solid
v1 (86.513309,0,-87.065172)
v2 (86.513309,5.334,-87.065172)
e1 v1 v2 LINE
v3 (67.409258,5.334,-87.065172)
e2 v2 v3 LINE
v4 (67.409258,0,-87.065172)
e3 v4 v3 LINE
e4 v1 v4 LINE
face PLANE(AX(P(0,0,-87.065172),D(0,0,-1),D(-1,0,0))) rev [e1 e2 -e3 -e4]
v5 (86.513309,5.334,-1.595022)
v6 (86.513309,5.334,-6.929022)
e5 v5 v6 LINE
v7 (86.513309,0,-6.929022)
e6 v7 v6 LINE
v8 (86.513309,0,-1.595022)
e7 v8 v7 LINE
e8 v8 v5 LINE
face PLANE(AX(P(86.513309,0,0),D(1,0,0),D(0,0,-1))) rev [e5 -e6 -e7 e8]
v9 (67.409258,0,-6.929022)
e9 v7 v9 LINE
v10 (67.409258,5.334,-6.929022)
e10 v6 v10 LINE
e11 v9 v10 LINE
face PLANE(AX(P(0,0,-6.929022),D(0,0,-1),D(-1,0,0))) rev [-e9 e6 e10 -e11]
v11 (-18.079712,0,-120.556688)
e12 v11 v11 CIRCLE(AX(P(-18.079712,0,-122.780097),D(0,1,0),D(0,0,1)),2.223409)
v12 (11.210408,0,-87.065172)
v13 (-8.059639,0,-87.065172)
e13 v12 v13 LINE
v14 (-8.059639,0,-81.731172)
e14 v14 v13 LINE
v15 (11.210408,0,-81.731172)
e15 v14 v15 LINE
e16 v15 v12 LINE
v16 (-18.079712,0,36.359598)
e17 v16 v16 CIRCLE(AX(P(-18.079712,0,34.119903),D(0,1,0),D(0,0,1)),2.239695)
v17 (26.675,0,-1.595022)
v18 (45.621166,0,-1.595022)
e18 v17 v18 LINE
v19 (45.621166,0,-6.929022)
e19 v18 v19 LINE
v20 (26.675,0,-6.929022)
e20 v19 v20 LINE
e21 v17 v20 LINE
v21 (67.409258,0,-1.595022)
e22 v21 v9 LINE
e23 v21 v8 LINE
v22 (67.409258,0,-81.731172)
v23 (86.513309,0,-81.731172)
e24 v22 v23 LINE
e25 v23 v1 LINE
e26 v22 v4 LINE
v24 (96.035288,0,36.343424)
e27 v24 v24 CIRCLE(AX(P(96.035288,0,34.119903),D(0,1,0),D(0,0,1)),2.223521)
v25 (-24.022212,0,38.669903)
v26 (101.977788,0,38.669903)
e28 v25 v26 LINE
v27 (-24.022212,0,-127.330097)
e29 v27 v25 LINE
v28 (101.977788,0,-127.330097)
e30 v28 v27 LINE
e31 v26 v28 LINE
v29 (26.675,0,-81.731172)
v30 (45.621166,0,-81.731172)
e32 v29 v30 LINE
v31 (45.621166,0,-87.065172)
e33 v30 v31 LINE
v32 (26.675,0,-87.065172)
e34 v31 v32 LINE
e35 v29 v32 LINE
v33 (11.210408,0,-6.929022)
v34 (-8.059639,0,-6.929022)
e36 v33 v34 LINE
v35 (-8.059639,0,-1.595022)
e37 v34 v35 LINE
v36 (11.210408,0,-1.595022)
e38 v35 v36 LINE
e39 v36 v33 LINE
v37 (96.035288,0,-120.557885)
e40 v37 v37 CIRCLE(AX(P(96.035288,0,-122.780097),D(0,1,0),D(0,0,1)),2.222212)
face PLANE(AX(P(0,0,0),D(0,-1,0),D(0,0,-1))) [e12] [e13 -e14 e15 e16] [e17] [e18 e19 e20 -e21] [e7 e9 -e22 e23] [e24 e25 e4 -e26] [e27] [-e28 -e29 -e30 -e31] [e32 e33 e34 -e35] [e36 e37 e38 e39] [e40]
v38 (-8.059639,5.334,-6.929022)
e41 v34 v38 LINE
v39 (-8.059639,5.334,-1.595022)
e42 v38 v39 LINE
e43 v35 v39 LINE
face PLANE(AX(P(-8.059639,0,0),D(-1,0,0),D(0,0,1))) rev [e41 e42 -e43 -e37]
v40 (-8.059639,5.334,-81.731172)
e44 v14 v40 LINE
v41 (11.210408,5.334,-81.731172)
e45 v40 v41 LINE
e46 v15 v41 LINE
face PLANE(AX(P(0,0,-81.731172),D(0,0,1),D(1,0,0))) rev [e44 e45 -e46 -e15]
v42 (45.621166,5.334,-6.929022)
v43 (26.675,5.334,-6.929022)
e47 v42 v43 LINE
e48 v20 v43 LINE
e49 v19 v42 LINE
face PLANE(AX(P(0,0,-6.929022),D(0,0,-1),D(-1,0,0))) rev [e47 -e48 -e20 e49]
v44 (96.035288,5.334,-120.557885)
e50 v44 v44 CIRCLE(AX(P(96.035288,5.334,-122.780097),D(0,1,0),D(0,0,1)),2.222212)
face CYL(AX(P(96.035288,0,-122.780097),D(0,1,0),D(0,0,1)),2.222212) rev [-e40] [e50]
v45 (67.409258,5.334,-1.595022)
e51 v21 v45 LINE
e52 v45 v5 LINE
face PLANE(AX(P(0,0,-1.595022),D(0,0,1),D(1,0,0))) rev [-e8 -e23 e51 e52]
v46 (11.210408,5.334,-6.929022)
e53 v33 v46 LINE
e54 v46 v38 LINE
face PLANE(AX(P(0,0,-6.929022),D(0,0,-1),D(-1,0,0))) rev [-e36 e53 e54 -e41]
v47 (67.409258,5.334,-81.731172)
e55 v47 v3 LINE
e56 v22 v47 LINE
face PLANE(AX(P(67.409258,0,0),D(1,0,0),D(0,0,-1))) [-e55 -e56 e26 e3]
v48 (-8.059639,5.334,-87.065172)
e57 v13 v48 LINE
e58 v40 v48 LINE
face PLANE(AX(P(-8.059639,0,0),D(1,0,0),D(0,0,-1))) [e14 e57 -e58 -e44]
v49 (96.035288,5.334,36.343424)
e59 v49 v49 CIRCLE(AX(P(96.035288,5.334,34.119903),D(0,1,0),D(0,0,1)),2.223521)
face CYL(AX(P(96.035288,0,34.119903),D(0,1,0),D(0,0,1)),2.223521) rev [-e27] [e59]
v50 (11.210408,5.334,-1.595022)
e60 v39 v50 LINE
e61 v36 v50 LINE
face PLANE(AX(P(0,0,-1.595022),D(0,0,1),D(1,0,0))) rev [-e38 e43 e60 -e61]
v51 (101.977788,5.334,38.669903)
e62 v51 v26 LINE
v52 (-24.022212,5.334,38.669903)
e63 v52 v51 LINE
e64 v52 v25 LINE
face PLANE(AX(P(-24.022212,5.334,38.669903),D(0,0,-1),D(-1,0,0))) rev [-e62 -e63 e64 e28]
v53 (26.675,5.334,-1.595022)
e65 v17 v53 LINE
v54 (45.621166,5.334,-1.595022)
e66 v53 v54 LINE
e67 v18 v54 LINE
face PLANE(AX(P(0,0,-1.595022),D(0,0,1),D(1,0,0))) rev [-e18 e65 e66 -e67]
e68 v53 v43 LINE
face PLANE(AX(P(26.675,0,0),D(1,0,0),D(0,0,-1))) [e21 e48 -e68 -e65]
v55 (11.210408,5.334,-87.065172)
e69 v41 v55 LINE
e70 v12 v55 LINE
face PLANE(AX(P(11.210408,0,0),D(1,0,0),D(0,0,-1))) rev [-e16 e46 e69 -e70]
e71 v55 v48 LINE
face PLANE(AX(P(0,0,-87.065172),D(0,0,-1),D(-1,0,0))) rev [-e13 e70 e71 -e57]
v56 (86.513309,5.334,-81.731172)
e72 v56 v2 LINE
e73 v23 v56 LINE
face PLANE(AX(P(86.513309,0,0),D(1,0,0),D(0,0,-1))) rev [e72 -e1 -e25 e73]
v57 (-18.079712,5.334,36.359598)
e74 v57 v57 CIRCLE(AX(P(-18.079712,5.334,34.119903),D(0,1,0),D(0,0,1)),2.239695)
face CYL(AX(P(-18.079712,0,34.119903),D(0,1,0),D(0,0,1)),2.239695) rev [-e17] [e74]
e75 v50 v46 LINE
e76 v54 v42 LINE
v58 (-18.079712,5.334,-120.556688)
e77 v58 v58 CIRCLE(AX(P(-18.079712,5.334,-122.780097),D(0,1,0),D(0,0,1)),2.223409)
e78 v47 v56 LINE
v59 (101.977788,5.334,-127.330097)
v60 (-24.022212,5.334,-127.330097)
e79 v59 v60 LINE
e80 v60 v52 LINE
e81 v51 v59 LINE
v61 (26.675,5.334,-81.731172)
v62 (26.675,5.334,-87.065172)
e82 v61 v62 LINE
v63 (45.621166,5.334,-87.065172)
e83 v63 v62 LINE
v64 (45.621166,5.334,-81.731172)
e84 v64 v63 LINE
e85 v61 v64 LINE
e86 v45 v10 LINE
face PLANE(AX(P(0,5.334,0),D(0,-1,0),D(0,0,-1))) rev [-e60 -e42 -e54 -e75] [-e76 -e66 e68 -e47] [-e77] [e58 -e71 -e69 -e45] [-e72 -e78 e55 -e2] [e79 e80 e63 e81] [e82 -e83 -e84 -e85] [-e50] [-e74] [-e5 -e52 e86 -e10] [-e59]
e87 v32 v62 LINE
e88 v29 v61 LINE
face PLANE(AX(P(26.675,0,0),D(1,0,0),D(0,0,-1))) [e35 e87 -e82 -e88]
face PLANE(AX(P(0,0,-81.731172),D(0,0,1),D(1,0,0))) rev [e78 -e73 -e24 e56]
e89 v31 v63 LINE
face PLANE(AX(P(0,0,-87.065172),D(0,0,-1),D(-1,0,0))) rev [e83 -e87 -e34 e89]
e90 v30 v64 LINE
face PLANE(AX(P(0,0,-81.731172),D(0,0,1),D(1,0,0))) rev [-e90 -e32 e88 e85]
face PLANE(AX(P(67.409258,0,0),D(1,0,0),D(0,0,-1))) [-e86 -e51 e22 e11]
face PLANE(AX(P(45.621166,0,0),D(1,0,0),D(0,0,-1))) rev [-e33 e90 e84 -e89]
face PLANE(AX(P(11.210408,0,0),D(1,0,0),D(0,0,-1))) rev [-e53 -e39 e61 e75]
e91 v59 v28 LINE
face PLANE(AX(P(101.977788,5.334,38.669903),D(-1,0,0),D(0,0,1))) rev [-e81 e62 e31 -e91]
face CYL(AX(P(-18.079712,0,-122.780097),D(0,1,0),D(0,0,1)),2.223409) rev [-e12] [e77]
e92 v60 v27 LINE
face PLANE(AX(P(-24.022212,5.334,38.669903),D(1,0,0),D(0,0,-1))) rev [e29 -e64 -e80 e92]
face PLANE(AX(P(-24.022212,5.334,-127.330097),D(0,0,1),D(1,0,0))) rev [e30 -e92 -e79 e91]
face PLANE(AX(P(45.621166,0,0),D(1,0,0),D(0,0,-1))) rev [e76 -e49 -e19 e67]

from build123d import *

# Parameters (mm, degrees)
SKETCH1_W           = 125.999999968
SKETCH1_H           = 165.999999978
BOSS_EXTRUDE1_DEPTH = 5.334
SKETCH9_W           = 19.270046927
SKETCH9_H           = 5.334
SKETCH9_W_2         = 18.946166646
SKETCH9_W_3         = 19.104051368
CUT_EXTRUDE1_DEPTH  = 164.220324554
SKETCH10_R          = 2.223521257
SKETCH10_R_2        = 2.222212396
SKETCH10_R_3        = 2.223409271
SKETCH10_R_4        = 2.239695252
CUT_EXTRUDE2_DEPTH  = 164.220324554


with BuildPart() as part:
    # Sketch1 → Boss-Extrude1 (new body)
    with BuildSketch(Plane(origin=(0, 0, 0), x_dir=(1, 0, 0), z_dir=(0, 1, 0))):
        with Locations((38.977787599, 44.330097126)):
            Rectangle(SKETCH1_W, SKETCH1_H)
    extrude(amount=BOSS_EXTRUDE1_DEPTH)

    # Sketch9 → Cut-Extrude1 (cut, through all)
    with BuildSketch(Plane(origin=(0, 5.334, 0), x_dir=(1, 0, 0), z_dir=(0, 1, 0))):
        with Locations((1.575384394, 84.398171813)):
            Rectangle(SKETCH9_W, SKETCH9_H)
        with Locations((36.148083105, 84.398171813)):
            Rectangle(SKETCH9_W_2, SKETCH9_H)
        with Locations((76.961283755, 84.398171813)):
            Rectangle(SKETCH9_W_3, SKETCH9_H)
        with Locations((76.961283755, 4.262022439)):
            Rectangle(SKETCH9_W_3, SKETCH9_H)
        with Locations((36.148083105, 4.262022439)):
            Rectangle(SKETCH9_W_2, SKETCH9_H)
        with Locations((1.575384394, 4.262022439)):
            Rectangle(SKETCH9_W, SKETCH9_H)
    extrude(amount=-CUT_EXTRUDE1_DEPTH, mode=Mode.SUBTRACT)

    # Sketch10 → Cut-Extrude2 (cut, through all)
    with BuildSketch(Plane(origin=(0, 5.334, 0), x_dir=(1, 0, 0), z_dir=(0, 1, 0))):
        with Locations((96.035287599, -34.119902874)):
            Circle(SKETCH10_R)
        with Locations((96.035287599, 122.780097126)):
            Circle(SKETCH10_R_2)
        with Locations((-18.079712401, 122.780097126)):
            Circle(SKETCH10_R_3)
        with Locations((-18.079712401, -34.119902874)):
            Circle(SKETCH10_R_4)
    extrude(amount=-CUT_EXTRUDE2_DEPTH, mode=Mode.SUBTRACT)


solid = part.part
